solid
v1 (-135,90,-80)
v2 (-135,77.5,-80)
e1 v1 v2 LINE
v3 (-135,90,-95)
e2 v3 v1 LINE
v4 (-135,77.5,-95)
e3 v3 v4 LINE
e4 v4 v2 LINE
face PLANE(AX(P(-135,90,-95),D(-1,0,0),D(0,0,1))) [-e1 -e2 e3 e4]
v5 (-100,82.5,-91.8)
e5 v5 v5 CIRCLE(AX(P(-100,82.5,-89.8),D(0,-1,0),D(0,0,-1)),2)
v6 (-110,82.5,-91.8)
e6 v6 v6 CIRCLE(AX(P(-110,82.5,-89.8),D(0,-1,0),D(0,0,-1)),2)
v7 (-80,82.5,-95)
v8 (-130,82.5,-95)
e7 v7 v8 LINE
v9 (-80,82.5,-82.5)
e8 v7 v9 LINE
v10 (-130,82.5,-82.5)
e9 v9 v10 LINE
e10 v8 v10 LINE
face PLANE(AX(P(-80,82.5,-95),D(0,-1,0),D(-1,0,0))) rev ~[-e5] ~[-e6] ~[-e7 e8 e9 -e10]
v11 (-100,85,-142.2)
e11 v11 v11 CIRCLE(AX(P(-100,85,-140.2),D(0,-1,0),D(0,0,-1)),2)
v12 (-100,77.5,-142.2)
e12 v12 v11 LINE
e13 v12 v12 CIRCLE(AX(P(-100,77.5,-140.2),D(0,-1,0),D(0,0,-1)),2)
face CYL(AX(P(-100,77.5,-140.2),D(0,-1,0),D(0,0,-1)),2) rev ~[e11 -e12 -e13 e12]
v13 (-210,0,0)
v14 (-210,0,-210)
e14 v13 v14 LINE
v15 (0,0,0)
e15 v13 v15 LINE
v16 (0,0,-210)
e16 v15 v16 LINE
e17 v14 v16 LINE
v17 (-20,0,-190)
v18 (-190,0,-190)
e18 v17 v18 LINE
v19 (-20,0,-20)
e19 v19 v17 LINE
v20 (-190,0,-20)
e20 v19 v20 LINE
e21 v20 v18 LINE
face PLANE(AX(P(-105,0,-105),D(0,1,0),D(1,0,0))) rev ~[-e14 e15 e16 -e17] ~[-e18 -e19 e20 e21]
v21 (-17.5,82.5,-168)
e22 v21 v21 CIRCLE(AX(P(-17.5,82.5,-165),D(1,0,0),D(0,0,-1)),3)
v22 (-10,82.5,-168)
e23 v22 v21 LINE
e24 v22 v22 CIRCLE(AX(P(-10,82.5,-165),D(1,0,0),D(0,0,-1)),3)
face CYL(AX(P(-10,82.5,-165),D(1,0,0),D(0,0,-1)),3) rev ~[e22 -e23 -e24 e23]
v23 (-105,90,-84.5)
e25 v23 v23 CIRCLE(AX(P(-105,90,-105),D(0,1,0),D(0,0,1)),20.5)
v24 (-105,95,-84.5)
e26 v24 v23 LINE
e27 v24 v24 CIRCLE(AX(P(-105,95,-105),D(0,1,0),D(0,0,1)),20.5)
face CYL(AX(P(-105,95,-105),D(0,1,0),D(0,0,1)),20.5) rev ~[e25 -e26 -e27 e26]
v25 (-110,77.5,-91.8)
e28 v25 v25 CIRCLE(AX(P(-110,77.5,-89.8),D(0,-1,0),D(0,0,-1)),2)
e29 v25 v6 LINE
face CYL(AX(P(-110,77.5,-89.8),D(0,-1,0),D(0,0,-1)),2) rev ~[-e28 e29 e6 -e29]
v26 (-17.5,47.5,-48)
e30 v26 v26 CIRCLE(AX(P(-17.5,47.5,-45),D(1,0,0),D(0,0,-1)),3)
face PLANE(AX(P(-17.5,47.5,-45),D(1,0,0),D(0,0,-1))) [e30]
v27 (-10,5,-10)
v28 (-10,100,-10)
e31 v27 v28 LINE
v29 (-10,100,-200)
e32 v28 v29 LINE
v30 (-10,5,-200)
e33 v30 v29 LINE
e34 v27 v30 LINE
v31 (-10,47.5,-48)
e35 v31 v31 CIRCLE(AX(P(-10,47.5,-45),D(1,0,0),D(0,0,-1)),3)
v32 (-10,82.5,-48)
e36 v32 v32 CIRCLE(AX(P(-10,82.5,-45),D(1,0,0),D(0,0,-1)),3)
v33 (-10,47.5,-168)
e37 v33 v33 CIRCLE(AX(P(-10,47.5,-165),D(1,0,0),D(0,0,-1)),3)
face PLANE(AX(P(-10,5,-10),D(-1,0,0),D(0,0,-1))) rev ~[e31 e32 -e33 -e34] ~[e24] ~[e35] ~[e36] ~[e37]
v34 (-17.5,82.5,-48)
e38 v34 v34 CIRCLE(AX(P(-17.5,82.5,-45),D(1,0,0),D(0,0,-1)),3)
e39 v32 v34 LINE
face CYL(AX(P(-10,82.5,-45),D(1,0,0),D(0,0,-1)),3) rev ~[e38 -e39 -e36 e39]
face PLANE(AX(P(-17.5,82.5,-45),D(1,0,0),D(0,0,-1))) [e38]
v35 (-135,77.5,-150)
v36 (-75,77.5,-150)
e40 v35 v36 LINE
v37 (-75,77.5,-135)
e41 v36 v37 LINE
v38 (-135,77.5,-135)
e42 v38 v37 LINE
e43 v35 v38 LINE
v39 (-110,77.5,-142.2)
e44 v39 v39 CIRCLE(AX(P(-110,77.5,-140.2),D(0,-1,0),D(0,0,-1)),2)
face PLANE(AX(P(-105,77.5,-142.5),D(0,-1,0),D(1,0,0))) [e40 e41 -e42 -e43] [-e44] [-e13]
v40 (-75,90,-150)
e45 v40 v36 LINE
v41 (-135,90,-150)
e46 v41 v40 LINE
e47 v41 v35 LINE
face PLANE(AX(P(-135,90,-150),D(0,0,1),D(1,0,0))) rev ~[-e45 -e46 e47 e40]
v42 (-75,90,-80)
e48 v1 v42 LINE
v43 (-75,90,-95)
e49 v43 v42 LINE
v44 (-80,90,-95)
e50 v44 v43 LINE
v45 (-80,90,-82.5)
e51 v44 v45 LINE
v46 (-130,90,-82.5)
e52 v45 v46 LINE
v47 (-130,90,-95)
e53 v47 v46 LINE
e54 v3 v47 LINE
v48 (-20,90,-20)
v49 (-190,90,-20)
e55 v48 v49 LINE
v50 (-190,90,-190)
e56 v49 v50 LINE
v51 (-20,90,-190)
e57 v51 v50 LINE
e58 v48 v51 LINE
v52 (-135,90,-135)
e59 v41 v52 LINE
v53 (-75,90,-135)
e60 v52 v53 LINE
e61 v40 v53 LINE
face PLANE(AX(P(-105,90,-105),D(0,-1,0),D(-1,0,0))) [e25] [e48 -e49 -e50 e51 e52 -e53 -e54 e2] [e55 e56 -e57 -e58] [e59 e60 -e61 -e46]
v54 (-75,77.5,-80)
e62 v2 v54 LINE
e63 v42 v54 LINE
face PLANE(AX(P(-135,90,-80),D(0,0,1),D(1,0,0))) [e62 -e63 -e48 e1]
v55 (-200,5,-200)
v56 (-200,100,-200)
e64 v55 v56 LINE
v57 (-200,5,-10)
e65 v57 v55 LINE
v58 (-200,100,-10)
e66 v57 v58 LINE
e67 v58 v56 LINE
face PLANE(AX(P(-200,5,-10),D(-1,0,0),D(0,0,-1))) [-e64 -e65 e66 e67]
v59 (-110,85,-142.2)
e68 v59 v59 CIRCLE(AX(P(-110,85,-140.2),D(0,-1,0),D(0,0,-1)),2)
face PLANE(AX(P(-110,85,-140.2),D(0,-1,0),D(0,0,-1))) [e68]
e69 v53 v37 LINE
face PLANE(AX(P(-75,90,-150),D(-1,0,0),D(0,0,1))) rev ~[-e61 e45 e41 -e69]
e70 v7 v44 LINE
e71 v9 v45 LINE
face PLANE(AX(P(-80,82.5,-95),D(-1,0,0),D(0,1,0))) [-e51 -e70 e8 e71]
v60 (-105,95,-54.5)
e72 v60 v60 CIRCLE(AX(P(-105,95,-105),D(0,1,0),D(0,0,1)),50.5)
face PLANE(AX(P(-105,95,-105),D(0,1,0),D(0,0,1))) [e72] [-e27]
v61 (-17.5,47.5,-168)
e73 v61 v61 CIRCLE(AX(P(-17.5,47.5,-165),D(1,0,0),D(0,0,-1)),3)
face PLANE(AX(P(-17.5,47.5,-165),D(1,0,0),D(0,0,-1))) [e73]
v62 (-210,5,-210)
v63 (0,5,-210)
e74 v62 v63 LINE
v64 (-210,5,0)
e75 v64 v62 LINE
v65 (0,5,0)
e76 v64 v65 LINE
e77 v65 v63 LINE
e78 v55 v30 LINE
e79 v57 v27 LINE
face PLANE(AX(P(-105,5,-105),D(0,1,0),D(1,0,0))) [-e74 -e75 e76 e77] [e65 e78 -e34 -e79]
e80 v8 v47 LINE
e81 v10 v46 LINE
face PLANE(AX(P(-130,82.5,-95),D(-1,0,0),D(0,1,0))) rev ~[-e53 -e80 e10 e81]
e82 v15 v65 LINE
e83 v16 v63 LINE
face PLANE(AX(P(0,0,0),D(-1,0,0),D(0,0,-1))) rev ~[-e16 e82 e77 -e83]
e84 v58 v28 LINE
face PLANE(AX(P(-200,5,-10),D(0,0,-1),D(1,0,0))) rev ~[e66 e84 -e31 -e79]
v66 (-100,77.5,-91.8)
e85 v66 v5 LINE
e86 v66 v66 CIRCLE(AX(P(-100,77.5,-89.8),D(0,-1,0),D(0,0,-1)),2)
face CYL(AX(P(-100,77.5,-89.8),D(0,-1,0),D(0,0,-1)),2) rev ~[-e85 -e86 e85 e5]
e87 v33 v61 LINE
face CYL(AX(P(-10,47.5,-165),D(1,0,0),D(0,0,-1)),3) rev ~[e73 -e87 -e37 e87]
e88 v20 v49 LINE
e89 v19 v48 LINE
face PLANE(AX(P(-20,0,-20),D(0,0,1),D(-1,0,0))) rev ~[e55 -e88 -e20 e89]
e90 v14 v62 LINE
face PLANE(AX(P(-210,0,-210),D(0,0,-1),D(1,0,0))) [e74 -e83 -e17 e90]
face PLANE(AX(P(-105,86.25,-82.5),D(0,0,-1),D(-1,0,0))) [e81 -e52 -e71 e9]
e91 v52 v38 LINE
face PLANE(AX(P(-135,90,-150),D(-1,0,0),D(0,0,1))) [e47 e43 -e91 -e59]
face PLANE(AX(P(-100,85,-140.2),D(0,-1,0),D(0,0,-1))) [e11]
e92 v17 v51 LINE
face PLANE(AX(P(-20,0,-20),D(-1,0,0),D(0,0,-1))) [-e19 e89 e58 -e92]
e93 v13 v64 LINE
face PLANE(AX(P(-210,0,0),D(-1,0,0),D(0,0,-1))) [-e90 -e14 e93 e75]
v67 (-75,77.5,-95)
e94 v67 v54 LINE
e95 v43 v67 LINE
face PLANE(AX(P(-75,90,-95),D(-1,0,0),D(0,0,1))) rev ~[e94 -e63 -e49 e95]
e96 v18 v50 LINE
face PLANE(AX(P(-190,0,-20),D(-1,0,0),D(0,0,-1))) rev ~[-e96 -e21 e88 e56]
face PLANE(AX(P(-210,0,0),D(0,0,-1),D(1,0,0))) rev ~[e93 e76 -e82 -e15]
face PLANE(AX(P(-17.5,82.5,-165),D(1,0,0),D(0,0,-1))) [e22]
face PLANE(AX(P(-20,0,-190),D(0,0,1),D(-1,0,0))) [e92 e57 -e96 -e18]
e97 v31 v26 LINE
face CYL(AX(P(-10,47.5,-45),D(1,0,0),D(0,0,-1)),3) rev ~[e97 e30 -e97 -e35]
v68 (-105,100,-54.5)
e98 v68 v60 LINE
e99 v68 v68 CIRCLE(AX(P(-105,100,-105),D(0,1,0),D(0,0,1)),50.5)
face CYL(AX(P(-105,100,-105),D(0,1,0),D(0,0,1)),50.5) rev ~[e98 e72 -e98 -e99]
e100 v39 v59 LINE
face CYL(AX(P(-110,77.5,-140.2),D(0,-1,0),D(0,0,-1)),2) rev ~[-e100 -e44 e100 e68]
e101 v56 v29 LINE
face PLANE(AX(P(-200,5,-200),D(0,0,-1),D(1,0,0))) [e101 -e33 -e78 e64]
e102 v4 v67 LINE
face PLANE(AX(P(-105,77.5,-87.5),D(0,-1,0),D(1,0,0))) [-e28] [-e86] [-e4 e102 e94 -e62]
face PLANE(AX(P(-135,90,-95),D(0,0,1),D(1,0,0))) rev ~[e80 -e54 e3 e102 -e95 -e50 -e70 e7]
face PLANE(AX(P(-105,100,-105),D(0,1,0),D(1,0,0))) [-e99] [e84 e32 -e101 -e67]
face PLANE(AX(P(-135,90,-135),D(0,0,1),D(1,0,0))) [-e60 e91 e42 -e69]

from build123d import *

# Parameters (mm, degrees)
SKETCH1_W           = 210
SKETCH1_H           = 210
BOSS_EXTRUDE1_DEPTH = 5
SKETCH2_W           = 190
SKETCH2_H           = 190
BOSS_EXTRUDE2_DEPTH = 95
SKETCH3_W           = 170
SKETCH3_H           = 170
CUT_EXTRUDE1_DEPTH  = 90
SKETCH4_R           = 50.5
CUT_EXTRUDE2_DEPTH  = 5
SKETCH5_R           = 20.5
CUT_EXTRUDE3_DEPTH  = 5
SKETCH6_W           = 60
SKETCH6_H           = 15
BOSS_EXTRUDE3_DEPTH = 12.5
SKETCH7_W           = 50
SKETCH7_H           = 7.5
CUT_EXTRUDE4_DEPTH  = 12.5
SKETCH8_R           = 2
CUT_EXTRUDE5_DEPTH  = 7.5
SKETCH9_R           = 3
CUT_EXTRUDE6_DEPTH  = 7.5


with BuildPart() as part:
    # Sketch1 → Boss-Extrude1 (new body)
    with BuildSketch(Plane(origin=(0, 0, 0), x_dir=(1, 0, 0), z_dir=(0, 1, 0))):
        with Locations((-105, 105)):
            Rectangle(SKETCH1_W, SKETCH1_H)
    extrude(amount=BOSS_EXTRUDE1_DEPTH)

    # Sketch2 → Boss-Extrude2 (add)
    with BuildSketch(Plane(origin=(0, 5, 0), x_dir=(1, 0, 0), z_dir=(0, 1, 0))):
        with Locations((-105, 105)):
            Rectangle(SKETCH2_W, SKETCH2_H)
    extrude(amount=BOSS_EXTRUDE2_DEPTH)

    # Sketch3 → Cut-Extrude1 (cut)
    with BuildSketch(Plane(origin=(0, 0, 0), x_dir=(-1, 0, 0), z_dir=(0, -1, 0))):
        with Locations((105, 105)):
            Rectangle(SKETCH3_W, SKETCH3_H)
    extrude(amount=-CUT_EXTRUDE1_DEPTH, mode=Mode.SUBTRACT)

    # Sketch4 → Cut-Extrude2 (cut)
    with BuildSketch(Plane(origin=(0, 100, 0), x_dir=(1, 0, 0), z_dir=(0, 1, 0))):
        with Locations(Location((-105, 105, 0), (0, 0, 270))):
            Circle(SKETCH4_R)
    extrude(amount=-CUT_EXTRUDE2_DEPTH, mode=Mode.SUBTRACT)

    # Sketch5 → Cut-Extrude3 (cut)
    with BuildSketch(Plane(origin=(0, 95, 0), x_dir=(1, 0, 0), z_dir=(0, 1, 0))):
        with Locations(Location((-105, 105, 0), (0, 0, 270))):
            Circle(SKETCH5_R)
    extrude(amount=-CUT_EXTRUDE3_DEPTH, mode=Mode.SUBTRACT)

    # Sketch6 → Boss-Extrude3 (add)
    with BuildSketch(Plane.XZ.offset(-90)):
        with Locations((-105, -87.5)):
            Rectangle(SKETCH6_W, SKETCH6_H)
        with Locations((-105, -142.5)):
            Rectangle(SKETCH6_W, SKETCH6_H)
    extrude(amount=BOSS_EXTRUDE3_DEPTH)

    # Sketch7 → Cut-Extrude4 (cut)
    with BuildSketch(Plane(origin=(0, 0, -95), x_dir=(-1, 0, 0), z_dir=(0, 0, -1))):
        with Locations((105, 86.25)):
            Rectangle(SKETCH7_W, SKETCH7_H)
    extrude(amount=-CUT_EXTRUDE4_DEPTH, mode=Mode.SUBTRACT)

    # Sketch8 → Cut-Extrude5 (cut)
    with BuildSketch(Plane.XZ.offset(-77.5)):
        with Locations(Location((-100, -89.8, 0), (0, 0, 270))):
            Circle(SKETCH8_R)
        with Locations(Location((-110, -89.8, 0), (0, 0, 270))):
            Circle(SKETCH8_R)
        with Locations(Location((-110, -140.2, 0), (0, 0, 270))):
            Circle(SKETCH8_R)
        with Locations(Location((-100, -140.2, 0), (0, 0, 270))):
            Circle(SKETCH8_R)
    extrude(amount=-CUT_EXTRUDE5_DEPTH, mode=Mode.SUBTRACT)

    # Sketch9 → Cut-Extrude6 (cut)
    with BuildSketch(Plane(origin=(-10, 0, 0), x_dir=(0, 0, -1), z_dir=(1, 0, 0))):
        with Locations((165, 47.5)):
            Circle(SKETCH9_R)
        with Locations((45, 47.5)):
            Circle(SKETCH9_R)
        with Locations((45, 82.5)):
            Circle(SKETCH9_R)
        with Locations((165, 82.5)):
            Circle(SKETCH9_R)
    extrude(amount=-CUT_EXTRUDE6_DEPTH, mode=Mode.SUBTRACT)


solid = part.part
